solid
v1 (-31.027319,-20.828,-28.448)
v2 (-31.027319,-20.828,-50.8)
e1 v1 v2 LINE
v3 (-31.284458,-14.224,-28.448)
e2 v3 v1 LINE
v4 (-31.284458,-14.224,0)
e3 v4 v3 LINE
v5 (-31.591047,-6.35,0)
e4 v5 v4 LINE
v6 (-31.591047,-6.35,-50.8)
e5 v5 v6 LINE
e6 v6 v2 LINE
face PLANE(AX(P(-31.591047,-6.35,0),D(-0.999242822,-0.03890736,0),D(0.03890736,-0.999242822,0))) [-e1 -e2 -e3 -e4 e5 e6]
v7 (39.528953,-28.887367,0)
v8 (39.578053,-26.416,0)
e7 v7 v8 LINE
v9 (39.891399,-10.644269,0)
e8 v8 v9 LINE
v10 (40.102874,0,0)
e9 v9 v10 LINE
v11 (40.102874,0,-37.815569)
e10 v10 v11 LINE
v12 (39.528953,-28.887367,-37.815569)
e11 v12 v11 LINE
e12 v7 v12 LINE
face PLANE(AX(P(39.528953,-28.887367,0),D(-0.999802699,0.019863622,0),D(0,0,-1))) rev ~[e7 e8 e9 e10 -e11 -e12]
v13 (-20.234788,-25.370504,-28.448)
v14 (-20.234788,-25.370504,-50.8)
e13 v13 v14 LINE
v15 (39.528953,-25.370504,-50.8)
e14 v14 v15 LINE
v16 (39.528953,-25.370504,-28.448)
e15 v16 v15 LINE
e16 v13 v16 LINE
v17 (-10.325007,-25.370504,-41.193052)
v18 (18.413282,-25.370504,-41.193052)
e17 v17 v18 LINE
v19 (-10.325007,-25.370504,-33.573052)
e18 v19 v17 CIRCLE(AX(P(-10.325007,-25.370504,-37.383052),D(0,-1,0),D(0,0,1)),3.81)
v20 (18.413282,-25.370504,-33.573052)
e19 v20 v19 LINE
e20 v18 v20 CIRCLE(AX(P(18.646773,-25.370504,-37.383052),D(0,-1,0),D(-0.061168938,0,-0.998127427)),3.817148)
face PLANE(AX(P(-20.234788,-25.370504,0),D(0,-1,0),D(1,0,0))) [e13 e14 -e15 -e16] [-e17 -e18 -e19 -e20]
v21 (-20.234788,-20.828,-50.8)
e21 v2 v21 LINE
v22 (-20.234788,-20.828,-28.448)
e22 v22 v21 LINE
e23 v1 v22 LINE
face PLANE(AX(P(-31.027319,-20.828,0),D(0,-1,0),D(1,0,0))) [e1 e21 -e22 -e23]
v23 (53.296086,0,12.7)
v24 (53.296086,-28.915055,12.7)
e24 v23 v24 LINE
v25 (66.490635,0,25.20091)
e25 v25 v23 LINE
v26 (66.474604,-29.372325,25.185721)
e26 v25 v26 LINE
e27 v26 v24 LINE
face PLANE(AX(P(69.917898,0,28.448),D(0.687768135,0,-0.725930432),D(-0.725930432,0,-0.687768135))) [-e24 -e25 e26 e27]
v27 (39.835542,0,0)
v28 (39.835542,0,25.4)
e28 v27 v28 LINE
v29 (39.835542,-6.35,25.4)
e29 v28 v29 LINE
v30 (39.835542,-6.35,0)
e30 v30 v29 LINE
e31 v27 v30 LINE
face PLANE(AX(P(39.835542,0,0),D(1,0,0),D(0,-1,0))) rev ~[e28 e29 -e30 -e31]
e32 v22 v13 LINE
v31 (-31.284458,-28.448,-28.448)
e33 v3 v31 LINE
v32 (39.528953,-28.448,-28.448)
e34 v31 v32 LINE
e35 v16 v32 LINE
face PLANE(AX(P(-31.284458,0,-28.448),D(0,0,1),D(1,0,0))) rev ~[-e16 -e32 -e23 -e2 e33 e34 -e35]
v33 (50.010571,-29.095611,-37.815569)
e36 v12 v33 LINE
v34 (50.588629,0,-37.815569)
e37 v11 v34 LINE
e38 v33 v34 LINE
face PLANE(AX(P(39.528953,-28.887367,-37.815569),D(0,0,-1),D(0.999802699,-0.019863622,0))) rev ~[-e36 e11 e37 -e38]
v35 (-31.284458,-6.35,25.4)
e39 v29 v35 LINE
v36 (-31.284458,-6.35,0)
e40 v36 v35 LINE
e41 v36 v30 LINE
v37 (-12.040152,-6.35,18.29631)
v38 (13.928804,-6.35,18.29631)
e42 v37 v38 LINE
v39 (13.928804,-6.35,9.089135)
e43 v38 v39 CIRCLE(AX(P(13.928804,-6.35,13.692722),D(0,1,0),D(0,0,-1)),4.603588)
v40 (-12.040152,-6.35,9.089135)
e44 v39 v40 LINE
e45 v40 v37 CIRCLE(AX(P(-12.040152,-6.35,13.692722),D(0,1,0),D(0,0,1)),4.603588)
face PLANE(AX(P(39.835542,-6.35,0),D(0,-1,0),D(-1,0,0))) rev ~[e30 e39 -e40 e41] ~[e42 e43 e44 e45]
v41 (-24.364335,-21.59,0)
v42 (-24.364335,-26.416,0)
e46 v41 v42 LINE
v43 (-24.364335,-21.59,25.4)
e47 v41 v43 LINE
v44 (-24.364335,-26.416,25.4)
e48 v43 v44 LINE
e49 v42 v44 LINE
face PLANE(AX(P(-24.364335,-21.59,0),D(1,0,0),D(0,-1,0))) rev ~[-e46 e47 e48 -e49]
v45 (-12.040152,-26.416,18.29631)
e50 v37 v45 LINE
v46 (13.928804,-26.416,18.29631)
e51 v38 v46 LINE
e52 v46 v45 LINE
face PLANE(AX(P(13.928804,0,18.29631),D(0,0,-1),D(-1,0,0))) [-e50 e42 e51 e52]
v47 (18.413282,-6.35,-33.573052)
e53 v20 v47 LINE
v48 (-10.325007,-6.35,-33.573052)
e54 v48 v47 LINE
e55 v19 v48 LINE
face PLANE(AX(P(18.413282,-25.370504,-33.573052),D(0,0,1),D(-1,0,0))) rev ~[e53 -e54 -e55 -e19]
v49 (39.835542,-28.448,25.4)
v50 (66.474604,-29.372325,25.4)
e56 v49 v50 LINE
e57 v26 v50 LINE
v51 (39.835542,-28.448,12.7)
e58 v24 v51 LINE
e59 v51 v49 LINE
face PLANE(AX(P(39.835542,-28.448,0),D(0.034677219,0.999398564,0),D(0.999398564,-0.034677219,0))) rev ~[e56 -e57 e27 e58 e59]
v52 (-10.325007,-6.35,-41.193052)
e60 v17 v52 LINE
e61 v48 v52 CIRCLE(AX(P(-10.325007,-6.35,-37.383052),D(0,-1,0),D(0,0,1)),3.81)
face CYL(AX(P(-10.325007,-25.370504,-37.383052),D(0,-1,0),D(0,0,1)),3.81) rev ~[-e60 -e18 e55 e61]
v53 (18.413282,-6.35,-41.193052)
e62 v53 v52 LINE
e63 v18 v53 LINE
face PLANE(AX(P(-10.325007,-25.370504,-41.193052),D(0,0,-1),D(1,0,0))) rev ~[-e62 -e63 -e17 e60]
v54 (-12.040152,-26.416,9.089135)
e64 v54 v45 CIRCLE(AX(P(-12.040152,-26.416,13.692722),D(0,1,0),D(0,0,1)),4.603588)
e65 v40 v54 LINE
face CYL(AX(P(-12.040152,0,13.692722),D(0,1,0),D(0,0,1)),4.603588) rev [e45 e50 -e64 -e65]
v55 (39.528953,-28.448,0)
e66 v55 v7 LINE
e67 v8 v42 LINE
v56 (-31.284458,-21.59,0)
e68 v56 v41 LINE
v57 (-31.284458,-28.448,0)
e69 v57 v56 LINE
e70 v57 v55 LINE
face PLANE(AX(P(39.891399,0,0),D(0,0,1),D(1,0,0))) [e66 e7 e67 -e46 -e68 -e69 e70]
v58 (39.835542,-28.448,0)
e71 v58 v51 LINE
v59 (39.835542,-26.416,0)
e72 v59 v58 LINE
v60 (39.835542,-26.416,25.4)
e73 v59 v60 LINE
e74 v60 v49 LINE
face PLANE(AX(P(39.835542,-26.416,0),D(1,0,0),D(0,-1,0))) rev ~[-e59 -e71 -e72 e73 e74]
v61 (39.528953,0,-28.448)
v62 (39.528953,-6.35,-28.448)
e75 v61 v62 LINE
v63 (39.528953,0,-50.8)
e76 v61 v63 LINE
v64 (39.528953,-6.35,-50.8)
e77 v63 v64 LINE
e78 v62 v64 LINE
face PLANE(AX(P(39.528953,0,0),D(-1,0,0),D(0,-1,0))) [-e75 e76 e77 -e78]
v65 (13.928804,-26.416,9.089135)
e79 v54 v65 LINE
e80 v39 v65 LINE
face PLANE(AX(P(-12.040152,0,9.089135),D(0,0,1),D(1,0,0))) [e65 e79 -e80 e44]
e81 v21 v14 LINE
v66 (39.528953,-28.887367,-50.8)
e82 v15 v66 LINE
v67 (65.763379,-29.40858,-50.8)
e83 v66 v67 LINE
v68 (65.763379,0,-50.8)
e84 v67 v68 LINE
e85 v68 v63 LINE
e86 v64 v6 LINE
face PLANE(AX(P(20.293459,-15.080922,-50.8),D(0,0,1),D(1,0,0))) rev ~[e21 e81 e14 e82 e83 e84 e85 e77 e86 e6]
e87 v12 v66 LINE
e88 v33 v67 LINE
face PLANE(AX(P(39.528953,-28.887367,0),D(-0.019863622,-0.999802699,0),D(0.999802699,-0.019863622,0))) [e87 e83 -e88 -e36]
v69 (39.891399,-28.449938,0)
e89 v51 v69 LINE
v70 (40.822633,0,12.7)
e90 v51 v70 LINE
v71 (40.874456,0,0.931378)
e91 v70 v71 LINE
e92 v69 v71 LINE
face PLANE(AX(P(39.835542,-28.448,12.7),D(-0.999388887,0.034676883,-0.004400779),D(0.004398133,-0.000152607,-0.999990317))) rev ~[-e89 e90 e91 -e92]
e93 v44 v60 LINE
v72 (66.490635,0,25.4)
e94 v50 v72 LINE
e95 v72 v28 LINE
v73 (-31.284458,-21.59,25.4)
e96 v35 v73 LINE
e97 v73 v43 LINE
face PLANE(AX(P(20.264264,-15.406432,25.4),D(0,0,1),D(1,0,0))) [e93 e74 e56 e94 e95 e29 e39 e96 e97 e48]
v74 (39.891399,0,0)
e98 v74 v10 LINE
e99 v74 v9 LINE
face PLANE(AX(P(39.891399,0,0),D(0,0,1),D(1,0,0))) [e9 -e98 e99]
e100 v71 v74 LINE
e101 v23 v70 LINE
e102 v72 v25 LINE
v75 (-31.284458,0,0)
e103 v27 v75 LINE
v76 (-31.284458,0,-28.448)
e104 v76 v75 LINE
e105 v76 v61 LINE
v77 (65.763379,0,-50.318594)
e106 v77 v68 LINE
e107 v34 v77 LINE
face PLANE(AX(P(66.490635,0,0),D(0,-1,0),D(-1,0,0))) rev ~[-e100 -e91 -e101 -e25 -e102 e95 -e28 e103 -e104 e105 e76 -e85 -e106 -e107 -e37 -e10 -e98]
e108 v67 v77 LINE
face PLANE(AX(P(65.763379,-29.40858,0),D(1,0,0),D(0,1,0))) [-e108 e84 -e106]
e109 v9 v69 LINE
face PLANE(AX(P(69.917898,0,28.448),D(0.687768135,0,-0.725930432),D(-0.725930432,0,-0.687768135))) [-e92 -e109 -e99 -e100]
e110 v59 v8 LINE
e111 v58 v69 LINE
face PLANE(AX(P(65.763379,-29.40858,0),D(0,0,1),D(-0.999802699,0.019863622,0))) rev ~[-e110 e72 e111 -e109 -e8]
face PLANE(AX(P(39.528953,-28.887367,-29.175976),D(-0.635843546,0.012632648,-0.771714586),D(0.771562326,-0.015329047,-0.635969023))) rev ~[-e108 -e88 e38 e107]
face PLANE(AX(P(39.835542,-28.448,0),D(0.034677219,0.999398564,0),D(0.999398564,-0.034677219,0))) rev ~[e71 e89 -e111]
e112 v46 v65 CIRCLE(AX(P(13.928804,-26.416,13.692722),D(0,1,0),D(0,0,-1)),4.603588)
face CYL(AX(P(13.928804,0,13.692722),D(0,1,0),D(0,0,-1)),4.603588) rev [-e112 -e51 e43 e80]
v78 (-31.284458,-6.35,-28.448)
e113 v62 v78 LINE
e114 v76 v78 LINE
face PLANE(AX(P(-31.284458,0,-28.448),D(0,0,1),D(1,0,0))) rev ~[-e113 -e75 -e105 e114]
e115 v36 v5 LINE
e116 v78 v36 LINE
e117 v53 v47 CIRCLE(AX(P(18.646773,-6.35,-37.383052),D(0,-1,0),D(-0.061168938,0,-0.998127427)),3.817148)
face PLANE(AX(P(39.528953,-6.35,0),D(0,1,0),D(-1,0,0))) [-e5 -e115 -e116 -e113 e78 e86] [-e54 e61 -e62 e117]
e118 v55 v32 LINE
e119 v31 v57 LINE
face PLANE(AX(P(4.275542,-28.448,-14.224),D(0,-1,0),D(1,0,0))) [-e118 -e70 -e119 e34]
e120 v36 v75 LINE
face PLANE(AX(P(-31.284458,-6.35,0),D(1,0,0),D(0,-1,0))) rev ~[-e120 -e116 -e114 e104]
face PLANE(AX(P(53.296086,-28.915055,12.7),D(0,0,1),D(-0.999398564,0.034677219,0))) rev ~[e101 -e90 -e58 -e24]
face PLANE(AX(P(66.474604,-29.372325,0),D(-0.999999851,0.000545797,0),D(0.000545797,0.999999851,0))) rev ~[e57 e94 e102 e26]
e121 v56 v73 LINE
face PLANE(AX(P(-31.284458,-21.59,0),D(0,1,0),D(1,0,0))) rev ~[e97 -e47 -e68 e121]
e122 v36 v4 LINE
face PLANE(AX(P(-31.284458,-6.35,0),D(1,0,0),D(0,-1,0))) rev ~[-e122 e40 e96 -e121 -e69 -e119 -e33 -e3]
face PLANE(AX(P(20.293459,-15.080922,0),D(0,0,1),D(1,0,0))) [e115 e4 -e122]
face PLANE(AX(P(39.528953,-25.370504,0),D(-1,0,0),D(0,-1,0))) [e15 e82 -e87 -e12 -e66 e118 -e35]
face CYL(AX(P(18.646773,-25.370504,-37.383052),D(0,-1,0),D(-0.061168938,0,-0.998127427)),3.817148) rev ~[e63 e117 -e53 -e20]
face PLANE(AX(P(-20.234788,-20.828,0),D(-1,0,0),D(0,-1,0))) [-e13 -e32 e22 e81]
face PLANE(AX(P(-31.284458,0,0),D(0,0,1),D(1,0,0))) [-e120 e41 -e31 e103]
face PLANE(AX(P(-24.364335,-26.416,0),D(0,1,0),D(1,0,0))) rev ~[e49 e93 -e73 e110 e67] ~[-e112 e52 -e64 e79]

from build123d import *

# Parameters (mm, degrees)
F0_W      = 71.12
F0_H      = 28.448
F1_DEPTH  = 28.448
F3_DEPTH  = 25.4
F4_DEPTH  = 25.4
F6_DEPTH  = 29.3733245078
F8_DEPTH  = 29.3562148671
F9_W      = 26.5992027439
F9_H      = 25.4
F10_DEPTH = 29.3562148671
F12_DEPTH = 50.8
F14_DEPTH = 25.3715035059
F16_DEPTH = 29.4182237139
F18_DEPTH = 29.4182237139


with BuildPart() as f1:
    # F0 (on Front) → F1 (new body)
    with BuildSketch(Plane.XZ):
        with Locations((4.2755420916, -14.224)):
            Rectangle(F0_W, F0_H)
    extrude(amount=F1_DEPTH)

    # F2 (on face) → F3 (join)
    with BuildSketch(Plane.XY):
        Polygon((39.8355420916, -6.35), (-31.2844579084, -6.35), (-31.2844579084, -21.59), (-24.3643354625, -21.59), (-24.3643354625, -26.416), (39.8355420916, -26.416), align=None)
        Polygon((39.8355420916, 0), (39.8355420916, -6.35), (39.8355420916, -26.416), (39.8355420916, -28.448), (66.4746039532, -29.3723245078), (66.4906352758, 0), align=None)
    extrude(amount=-F3_DEPTH)

    # F2 (on face) → F4 (join)
    with BuildSketch(Plane.XY):
        Polygon((39.8355420916, -6.35), (-31.2844579084, -6.35), (-31.2844579084, -21.59), (-24.3643354625, -21.59), (-24.3643354625, -26.416), (39.8355420916, -26.416), (39.8355420916, -28.448), (66.4746039532, -29.3723245078), (66.4906352758, 0), (39.8355420916, 0), align=None)
    extrude(amount=F4_DEPTH)

    # F5 (on Front) → F6 (cut, through all)
    with BuildSketch(Plane.XZ):
        with BuildLine():
            Line((13.9288037957, 18.2963101068), (-12.0401520726, 18.2963101068))
            ThreePointArc((-12.0401520726, 18.2963101068), (-16.6437398491, 13.6927223303), (-12.0401520726, 9.0891345539))
            Line((-12.0401520726, 9.0891345539), (13.9288037957, 9.0891345539))
            ThreePointArc((13.9288037957, 9.0891345539), (18.5323915722, 13.6927223303), (13.9288037957, 18.2963101068))
        make_face()
        Polygon((69.9178975219, 28.448), (39.8913989174, 0), (69.9178975219, 0), align=None)
    extrude(amount=F6_DEPTH, mode=Mode.SUBTRACT)

    # F7 (on face) → F8 (cut, through all)
    with BuildSketch(Plane(origin=(-0.9380015967, -27.0332360006, 0), x_dir=(0.9993985644, -0.0346772191, 0), z_dir=(-0.0346772191, -0.9993985644, 0))):
        Polygon((54.266725333, 12.7), (40.7980811078, 12.7), (40.8539715481, 0), align=None)
    extrude(amount=-F8_DEPTH, mode=Mode.SUBTRACT)

    # F9 (on face) → F10 (cut, through all)
    with BuildSketch(Plane(origin=(-0.9380015967, -27.0332360006, 0), x_dir=(0.9993985644, -0.0346772191, 0), z_dir=(-0.0346772191, -0.9993985644, 0))):
        with Locations((54.15357292, -12.7)):
            Rectangle(F9_W, F9_H)
    extrude(amount=-F10_DEPTH, mode=Mode.SUBTRACT)

    # F11 (on Top) → F12 (join)
    with BuildSketch(Plane.XY):
        Polygon((39.5289533985, -6.35), (-31.5910466015, -6.35), (-31.0273190044, -20.828), (-20.2347878367, -20.828), (-20.2347878367, -25.3705035059), (33.4493406117, -25.3705035059), (39.5289533985, -25.3705035059), (39.5289533985, -28.8873665619), (65.7633790028, -29.4085801184), (65.7633790028, 0), (39.5289533985, 0), align=None)
    extrude(amount=-F12_DEPTH)

    # F13 (on face) → F14 (cut, through all)
    with BuildSketch(Plane.XZ.offset(25.3705035059)):
        with BuildLine():
            Line((18.4132819485, -33.5730523437), (-10.3250071326, -33.5730523437))
            ThreePointArc((-10.3250071326, -33.5730523437), (-14.1350071326, -37.3830523437), (-10.3250071326, -41.1930523437))
            Line((-10.3250071326, -41.1930523437), (18.4132819485, -41.1930523437))
            ThreePointArc((18.4132819485, -41.1930523437), (22.4639207193, -37.3830523437), (18.4132819485, -33.5730523437))
        make_face()
    extrude(amount=-F14_DEPTH, mode=Mode.SUBTRACT)

    # F15 (on face) → F16 (cut, through all)
    with BuildSketch(Plane(origin=(-0.5580978428, -28.0909353817, 0), x_dir=(0.9998026988, -0.0198636223, 0), z_dir=(-0.0198636223, -0.9998026988, 0))):
        Polygon((66.3345647354, 0), (40.0949620257, 0), (40.0949620257, -29.1759762913), (66.3345647354, -50.8), align=None)
    extrude(amount=-F16_DEPTH, mode=Mode.SUBTRACT)

    # F17 (on face) → F18 (cut, through all)
    with BuildSketch(Plane(origin=(-0.5580978428, -28.0909353817, 0), x_dir=(0.9998026988, -0.0198636223, 0), z_dir=(-0.0198636223, -0.9998026988, 0))):
        Polygon((50.5786476823, -37.8155685024), (40.0949620257, -29.1759762913), (40.0949620257, -37.8155685024), align=None)
    extrude(amount=-F18_DEPTH, mode=Mode.SUBTRACT)


solid = f1.part
